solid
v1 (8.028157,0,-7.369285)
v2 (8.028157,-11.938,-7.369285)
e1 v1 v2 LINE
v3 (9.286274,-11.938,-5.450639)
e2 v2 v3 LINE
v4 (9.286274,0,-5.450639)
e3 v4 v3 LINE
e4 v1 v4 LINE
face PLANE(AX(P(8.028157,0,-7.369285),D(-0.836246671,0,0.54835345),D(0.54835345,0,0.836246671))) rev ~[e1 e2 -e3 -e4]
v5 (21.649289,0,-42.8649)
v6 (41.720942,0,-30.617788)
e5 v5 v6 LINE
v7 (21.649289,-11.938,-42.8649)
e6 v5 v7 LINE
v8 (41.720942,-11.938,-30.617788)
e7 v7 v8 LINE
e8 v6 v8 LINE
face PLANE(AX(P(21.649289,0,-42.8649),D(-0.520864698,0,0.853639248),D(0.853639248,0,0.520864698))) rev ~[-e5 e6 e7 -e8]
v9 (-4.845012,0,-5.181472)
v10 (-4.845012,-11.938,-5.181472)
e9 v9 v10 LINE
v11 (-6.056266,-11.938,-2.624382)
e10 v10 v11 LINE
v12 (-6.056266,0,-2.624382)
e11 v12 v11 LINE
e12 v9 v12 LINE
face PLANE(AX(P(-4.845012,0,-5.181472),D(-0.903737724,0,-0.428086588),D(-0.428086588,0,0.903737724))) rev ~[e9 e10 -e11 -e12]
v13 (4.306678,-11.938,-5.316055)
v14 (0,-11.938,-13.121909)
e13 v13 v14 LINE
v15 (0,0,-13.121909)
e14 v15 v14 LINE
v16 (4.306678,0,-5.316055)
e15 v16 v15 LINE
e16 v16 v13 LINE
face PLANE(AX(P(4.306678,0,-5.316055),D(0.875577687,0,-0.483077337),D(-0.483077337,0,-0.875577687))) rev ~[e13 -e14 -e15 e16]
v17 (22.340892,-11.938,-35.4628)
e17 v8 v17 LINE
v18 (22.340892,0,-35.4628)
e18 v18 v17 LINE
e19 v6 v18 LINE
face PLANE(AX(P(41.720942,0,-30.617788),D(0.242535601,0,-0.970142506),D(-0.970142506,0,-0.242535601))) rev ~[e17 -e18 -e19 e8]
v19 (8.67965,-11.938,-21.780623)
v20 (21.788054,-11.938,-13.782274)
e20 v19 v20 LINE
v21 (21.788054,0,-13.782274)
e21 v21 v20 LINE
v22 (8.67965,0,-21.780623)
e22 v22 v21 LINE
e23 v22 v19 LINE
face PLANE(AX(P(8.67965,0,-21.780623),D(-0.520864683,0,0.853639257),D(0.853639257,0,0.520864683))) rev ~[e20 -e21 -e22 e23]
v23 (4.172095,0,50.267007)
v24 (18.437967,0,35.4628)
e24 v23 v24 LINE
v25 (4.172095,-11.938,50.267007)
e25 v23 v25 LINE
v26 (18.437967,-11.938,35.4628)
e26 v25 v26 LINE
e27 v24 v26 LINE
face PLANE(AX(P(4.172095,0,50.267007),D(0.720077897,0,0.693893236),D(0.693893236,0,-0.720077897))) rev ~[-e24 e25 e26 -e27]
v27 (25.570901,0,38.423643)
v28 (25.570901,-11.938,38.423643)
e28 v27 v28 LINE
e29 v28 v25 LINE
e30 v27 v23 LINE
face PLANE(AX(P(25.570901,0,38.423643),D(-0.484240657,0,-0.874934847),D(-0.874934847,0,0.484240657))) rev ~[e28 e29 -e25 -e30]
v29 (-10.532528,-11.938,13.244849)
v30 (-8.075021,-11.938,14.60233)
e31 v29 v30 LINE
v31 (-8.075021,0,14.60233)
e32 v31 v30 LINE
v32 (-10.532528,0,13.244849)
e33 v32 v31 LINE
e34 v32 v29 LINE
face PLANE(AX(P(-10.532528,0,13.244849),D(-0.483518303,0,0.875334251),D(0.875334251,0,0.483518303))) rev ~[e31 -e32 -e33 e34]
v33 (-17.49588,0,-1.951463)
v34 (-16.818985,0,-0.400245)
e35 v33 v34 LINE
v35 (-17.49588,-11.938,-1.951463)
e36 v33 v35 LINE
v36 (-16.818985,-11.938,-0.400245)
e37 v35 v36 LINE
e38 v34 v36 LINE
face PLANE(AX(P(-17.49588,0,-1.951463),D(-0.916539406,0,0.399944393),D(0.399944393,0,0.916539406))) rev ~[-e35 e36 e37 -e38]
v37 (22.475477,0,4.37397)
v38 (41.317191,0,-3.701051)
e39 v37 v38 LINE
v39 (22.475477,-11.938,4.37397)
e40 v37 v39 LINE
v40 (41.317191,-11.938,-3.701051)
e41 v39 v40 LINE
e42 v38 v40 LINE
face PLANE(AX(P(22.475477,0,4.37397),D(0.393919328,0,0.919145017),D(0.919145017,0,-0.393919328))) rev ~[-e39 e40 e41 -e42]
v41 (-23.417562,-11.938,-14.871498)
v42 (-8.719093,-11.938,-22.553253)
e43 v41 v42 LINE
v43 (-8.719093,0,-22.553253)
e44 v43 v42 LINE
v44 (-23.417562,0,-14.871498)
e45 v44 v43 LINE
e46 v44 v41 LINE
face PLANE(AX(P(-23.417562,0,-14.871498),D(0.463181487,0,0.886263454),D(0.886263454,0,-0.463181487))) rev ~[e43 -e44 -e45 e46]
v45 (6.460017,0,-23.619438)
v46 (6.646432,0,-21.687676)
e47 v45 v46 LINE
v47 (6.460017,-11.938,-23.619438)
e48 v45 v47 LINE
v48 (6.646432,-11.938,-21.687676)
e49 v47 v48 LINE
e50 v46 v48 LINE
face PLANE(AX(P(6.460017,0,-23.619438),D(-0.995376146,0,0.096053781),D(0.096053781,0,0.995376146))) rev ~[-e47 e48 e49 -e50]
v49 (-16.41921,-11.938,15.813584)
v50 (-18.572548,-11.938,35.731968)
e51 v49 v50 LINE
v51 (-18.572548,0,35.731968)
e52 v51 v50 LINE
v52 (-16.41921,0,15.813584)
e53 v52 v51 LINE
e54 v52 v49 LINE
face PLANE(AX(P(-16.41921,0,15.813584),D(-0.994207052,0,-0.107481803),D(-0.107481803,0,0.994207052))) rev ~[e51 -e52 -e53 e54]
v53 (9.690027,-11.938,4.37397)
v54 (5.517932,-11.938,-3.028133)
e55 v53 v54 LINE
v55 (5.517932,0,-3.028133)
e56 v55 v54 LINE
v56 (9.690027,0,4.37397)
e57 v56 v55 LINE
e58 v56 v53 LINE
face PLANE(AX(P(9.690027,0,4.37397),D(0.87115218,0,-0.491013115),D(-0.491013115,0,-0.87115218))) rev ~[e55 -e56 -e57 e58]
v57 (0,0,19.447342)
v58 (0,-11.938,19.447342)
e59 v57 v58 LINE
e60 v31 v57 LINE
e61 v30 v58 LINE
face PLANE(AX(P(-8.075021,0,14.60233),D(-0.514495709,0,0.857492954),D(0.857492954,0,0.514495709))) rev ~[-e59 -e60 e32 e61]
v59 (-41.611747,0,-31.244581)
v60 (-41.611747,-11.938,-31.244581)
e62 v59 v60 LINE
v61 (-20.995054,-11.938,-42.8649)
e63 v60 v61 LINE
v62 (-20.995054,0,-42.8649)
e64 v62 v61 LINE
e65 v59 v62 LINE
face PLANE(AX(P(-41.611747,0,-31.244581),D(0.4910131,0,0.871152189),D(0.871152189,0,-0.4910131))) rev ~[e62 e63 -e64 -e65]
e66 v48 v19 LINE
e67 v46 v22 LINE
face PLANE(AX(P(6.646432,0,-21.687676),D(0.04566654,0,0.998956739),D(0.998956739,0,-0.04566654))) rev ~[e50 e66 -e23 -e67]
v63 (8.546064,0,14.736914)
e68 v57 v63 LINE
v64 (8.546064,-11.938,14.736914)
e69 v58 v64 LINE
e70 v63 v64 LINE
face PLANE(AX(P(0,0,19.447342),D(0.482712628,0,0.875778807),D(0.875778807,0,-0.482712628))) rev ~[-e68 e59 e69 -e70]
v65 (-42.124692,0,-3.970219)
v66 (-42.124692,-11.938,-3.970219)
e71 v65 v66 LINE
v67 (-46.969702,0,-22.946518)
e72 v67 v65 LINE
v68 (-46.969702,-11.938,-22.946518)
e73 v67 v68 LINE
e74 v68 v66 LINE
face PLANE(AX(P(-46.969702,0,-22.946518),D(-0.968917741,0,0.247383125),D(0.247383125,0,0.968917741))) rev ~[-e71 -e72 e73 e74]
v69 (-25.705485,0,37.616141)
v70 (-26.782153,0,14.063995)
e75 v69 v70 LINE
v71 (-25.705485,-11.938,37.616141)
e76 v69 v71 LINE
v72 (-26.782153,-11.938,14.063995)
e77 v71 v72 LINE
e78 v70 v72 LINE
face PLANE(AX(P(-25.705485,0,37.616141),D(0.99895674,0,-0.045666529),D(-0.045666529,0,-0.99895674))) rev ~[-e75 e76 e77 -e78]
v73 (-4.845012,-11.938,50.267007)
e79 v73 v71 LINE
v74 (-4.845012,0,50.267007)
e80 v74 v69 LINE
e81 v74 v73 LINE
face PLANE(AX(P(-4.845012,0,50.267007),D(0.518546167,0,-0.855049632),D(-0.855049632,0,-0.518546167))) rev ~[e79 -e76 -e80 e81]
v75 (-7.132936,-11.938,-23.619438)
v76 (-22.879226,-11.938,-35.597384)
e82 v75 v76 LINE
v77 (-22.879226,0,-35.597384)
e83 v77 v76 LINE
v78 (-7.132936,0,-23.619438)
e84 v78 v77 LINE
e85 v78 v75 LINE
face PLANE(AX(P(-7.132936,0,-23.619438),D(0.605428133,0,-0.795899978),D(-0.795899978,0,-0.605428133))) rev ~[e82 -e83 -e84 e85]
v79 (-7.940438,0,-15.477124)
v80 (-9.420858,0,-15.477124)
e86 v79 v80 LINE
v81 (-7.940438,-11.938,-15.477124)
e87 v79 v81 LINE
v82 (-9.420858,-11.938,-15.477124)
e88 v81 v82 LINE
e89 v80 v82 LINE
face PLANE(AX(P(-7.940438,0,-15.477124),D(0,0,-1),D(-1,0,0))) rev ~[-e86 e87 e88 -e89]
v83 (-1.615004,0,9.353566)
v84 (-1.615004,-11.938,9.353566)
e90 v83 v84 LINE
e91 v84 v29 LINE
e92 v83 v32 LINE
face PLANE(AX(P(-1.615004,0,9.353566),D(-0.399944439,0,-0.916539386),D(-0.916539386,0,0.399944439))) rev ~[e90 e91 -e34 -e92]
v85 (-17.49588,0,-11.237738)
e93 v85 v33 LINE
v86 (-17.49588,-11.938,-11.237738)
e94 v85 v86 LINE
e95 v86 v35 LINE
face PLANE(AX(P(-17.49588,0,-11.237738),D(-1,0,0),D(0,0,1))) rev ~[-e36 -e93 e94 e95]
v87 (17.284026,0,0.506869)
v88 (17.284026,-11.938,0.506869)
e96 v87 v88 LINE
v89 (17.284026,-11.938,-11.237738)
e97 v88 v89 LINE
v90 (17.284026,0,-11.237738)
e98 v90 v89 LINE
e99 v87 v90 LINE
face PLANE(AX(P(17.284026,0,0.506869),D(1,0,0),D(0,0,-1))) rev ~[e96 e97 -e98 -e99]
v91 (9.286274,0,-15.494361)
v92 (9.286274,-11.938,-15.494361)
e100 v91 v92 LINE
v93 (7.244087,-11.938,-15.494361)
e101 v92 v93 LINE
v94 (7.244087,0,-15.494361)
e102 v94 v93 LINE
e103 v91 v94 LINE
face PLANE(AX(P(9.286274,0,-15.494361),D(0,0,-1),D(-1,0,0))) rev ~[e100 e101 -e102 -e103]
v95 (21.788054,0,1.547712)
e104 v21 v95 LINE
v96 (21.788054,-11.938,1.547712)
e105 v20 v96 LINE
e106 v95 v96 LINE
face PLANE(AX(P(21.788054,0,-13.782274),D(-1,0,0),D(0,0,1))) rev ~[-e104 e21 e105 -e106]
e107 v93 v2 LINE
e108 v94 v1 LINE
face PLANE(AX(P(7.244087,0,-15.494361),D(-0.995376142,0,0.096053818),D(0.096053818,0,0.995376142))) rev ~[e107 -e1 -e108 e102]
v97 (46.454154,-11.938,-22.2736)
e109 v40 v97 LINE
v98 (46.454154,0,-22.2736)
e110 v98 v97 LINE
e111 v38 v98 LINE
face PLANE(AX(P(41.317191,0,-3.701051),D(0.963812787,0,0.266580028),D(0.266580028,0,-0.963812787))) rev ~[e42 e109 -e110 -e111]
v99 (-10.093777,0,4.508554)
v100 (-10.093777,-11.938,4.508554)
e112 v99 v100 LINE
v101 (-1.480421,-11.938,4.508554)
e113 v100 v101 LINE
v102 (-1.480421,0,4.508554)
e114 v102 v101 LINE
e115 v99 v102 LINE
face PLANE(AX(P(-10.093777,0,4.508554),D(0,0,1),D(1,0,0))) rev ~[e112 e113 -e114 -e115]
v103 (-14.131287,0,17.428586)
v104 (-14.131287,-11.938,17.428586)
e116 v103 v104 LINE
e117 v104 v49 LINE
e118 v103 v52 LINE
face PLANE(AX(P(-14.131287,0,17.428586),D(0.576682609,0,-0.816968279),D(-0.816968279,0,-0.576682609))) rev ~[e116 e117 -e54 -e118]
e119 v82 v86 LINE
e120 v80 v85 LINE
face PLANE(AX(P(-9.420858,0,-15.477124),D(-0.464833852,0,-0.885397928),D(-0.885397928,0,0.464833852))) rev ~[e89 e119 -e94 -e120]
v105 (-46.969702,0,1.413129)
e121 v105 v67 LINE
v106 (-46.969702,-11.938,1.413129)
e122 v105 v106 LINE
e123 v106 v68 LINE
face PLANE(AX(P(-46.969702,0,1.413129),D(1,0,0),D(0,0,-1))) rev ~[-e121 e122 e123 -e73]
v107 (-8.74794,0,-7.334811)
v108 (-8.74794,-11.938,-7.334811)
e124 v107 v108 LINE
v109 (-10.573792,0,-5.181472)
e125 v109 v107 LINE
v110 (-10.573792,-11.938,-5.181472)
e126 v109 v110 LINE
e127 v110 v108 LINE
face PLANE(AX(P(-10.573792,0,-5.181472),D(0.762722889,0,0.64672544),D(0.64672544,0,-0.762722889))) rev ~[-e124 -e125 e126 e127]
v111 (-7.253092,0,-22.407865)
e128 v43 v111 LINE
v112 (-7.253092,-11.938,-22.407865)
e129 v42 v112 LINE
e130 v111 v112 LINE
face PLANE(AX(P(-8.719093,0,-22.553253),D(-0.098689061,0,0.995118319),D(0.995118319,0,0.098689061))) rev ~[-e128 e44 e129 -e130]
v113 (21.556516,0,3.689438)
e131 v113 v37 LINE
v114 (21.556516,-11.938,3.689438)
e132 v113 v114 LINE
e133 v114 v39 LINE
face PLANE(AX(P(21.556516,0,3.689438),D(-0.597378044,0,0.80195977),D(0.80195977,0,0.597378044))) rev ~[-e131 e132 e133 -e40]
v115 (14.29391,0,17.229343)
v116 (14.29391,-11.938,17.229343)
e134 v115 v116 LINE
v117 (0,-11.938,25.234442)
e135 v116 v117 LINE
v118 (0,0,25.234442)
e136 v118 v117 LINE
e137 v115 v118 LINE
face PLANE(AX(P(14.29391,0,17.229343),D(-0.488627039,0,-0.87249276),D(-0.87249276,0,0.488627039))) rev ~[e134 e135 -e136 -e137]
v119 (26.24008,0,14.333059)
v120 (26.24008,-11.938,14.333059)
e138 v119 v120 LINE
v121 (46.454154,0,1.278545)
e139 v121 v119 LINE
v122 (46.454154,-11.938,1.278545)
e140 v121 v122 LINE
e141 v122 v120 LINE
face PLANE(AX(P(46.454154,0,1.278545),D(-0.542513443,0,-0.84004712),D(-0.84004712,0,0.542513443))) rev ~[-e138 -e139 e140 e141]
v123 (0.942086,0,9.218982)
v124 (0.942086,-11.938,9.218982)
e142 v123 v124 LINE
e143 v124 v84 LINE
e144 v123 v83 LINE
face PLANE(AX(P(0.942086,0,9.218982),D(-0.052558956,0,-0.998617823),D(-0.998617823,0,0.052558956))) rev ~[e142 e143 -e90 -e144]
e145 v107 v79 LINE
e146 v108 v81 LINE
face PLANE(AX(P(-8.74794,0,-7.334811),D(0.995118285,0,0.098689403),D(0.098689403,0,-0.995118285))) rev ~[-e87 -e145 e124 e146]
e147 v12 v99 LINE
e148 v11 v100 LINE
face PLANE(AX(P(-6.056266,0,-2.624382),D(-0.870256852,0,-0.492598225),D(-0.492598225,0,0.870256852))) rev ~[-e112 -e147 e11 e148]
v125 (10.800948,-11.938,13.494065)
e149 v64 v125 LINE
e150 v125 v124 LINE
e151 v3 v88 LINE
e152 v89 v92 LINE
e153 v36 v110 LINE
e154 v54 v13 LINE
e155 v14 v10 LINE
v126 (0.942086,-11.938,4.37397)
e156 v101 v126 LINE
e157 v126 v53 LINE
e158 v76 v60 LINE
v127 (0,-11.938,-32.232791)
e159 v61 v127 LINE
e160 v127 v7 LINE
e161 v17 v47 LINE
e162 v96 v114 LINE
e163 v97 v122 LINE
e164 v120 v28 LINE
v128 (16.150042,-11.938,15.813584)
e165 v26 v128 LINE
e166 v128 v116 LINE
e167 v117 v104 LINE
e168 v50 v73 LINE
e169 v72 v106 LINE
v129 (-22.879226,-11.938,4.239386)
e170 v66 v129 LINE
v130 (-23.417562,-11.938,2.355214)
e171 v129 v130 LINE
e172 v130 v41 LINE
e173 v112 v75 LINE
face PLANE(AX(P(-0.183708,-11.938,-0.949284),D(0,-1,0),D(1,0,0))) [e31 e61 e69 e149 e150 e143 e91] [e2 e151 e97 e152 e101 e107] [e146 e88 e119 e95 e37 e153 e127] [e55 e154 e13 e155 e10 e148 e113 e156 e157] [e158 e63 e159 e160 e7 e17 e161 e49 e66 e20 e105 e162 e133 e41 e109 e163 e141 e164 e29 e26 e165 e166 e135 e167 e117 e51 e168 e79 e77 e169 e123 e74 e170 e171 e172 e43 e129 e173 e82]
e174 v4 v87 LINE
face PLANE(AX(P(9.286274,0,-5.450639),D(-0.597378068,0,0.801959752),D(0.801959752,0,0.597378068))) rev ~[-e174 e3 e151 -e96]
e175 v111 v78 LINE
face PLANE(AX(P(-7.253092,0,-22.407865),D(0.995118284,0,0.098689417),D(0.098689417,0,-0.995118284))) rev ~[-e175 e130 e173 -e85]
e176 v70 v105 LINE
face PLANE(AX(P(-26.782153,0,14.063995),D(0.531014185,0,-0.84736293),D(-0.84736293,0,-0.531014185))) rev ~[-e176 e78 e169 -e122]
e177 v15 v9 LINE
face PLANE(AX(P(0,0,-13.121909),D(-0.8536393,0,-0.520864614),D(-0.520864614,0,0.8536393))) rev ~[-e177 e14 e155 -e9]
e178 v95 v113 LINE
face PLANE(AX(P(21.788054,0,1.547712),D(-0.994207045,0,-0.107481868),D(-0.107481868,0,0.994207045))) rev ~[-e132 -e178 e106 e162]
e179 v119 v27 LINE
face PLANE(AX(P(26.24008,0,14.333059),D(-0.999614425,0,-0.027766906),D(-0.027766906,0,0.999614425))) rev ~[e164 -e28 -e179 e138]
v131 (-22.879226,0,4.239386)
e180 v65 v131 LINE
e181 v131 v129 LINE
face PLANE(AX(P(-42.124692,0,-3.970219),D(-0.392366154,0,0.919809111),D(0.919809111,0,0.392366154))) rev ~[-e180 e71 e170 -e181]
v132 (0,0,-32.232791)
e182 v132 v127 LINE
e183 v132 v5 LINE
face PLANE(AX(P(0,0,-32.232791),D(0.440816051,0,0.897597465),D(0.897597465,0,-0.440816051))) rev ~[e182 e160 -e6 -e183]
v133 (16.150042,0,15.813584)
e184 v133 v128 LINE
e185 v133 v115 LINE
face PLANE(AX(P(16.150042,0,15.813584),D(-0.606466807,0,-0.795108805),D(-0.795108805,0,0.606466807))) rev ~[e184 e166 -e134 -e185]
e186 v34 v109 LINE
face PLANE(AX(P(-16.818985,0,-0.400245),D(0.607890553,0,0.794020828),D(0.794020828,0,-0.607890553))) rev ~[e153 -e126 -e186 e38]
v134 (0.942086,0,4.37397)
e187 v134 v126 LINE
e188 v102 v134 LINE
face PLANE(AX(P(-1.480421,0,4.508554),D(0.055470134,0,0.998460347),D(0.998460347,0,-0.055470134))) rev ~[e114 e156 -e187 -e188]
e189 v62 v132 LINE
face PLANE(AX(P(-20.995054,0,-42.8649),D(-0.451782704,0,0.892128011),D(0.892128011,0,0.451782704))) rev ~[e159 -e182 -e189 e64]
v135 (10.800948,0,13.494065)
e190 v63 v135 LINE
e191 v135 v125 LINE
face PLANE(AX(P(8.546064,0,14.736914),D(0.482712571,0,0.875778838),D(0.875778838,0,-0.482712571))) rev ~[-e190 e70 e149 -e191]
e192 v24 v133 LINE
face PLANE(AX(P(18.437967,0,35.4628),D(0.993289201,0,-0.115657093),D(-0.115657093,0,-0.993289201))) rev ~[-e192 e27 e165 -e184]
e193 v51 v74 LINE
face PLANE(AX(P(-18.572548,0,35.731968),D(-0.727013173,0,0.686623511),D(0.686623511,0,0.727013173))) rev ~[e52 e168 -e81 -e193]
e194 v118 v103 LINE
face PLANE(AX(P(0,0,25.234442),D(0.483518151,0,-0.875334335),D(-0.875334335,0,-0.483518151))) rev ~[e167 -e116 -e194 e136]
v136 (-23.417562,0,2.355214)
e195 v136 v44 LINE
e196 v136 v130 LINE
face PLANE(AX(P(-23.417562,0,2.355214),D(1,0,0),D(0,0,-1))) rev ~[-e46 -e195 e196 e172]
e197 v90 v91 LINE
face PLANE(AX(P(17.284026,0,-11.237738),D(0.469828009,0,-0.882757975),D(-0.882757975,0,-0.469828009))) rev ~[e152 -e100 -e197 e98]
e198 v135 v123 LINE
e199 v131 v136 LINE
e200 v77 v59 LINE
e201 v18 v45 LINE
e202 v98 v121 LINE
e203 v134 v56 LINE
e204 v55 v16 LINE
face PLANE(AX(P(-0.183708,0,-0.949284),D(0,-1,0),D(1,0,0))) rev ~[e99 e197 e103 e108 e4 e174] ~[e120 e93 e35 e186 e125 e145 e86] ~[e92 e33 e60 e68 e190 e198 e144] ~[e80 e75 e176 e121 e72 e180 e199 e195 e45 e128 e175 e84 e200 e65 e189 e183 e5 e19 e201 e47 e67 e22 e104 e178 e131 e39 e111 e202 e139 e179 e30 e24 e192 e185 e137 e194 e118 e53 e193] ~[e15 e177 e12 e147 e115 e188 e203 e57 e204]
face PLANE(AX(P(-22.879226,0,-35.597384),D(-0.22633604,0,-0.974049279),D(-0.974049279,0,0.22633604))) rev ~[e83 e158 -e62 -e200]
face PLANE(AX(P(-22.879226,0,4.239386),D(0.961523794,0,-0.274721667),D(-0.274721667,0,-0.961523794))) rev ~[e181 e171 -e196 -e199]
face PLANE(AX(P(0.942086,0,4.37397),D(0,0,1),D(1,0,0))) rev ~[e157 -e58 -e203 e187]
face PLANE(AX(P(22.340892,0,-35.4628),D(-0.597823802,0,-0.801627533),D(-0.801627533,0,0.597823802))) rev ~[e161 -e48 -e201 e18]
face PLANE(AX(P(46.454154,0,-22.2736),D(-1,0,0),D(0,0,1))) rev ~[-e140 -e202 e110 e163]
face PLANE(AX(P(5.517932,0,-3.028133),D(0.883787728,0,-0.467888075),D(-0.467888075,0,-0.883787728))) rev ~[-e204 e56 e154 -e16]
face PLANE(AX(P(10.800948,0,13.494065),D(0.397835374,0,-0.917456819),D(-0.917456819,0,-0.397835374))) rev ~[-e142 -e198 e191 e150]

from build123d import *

# Parameters (mm, degrees)
F1_DEPTH = 11.938


with BuildPart() as f1:
    # F0 (on Front) → F1 (new body)
    with BuildSketch(Plane.XZ):
        Polygon((7.244087, -15.494361), (8.028157, -7.369285), (9.286274, -5.450639), (17.284026, 0.506869), (21.556516, 3.689438), (22.475477, 4.37397), (41.317191, -3.701051), (46.454154, -22.2736), (46.454154, 1.278545), (26.24008, 14.333059), (25.570901, 38.423643), (4.172095, 50.267007), (18.437967, 35.4628), (16.150042, 15.813584), (10.800948, 13.494065), (0.942086, 9.218982), (-1.615004, 9.353566), (-10.532528, 13.244849), (-16.41921, 15.813584), (-18.572548, 35.731968), (-4.845012, 50.267007), (-25.705485, 37.616141), (-26.782153, 14.063995), (-46.969702, 1.413129), (-46.969702, -22.946518), (-42.124692, -3.970219), (-22.879226, 4.239386), (-16.818985, -0.400245), (-10.573792, -5.181472), (-8.74794, -7.334811), (-7.940438, -15.477124), (-7.253092, -22.407865), (-7.132936, -23.619438), (-22.879226, -35.597384), (-41.611747, -31.244581), (-20.995054, -42.8649), (0, -32.232791), (21.649289, -42.8649), (41.720942, -30.617788), (22.340892, -35.4628), (6.460017, -23.619438), (6.646432, -21.687676), align=None)
        Polygon((-6.056266, -2.624382), (-10.093777, 4.508554), (-1.480421, 4.508554), (0.942086, 4.37397), (9.690027, 4.37397), (5.517932, -3.028133), (4.306678, -5.316055), (0, -13.121909), (-4.845012, -5.181472), align=None, mode=Mode.SUBTRACT)
        Polygon((9.286274, -15.494361), (7.244087, -15.494361), (6.646432, -21.687676), (8.67965, -21.780623), (21.788054, -13.782274), (21.788054, 1.547712), (21.556516, 3.689438), (17.284026, 0.506869), (17.284026, -1.200508), (17.284026, -11.237738), align=None)
        Polygon((-8.719093, -22.553253), (-7.253092, -22.407865), (-7.940438, -15.477124), (-9.420858, -15.477124), (-17.49588, -11.237738), (-17.49588, -1.951463), (-16.818985, -0.400245), (-22.879226, 4.239386), (-23.417562, 2.355214), (-23.417562, -14.871498), align=None)
        Polygon((10.800948, 13.494065), (16.150042, 15.813584), (14.29391, 17.229343), (0, 25.234442), (-14.131287, 17.428586), (-16.41921, 15.813584), (-10.532528, 13.244849), (-8.075021, 14.60233), (0, 19.447342), (8.546064, 14.736914), align=None)
    extrude(amount=F1_DEPTH)


solid = f1.part
